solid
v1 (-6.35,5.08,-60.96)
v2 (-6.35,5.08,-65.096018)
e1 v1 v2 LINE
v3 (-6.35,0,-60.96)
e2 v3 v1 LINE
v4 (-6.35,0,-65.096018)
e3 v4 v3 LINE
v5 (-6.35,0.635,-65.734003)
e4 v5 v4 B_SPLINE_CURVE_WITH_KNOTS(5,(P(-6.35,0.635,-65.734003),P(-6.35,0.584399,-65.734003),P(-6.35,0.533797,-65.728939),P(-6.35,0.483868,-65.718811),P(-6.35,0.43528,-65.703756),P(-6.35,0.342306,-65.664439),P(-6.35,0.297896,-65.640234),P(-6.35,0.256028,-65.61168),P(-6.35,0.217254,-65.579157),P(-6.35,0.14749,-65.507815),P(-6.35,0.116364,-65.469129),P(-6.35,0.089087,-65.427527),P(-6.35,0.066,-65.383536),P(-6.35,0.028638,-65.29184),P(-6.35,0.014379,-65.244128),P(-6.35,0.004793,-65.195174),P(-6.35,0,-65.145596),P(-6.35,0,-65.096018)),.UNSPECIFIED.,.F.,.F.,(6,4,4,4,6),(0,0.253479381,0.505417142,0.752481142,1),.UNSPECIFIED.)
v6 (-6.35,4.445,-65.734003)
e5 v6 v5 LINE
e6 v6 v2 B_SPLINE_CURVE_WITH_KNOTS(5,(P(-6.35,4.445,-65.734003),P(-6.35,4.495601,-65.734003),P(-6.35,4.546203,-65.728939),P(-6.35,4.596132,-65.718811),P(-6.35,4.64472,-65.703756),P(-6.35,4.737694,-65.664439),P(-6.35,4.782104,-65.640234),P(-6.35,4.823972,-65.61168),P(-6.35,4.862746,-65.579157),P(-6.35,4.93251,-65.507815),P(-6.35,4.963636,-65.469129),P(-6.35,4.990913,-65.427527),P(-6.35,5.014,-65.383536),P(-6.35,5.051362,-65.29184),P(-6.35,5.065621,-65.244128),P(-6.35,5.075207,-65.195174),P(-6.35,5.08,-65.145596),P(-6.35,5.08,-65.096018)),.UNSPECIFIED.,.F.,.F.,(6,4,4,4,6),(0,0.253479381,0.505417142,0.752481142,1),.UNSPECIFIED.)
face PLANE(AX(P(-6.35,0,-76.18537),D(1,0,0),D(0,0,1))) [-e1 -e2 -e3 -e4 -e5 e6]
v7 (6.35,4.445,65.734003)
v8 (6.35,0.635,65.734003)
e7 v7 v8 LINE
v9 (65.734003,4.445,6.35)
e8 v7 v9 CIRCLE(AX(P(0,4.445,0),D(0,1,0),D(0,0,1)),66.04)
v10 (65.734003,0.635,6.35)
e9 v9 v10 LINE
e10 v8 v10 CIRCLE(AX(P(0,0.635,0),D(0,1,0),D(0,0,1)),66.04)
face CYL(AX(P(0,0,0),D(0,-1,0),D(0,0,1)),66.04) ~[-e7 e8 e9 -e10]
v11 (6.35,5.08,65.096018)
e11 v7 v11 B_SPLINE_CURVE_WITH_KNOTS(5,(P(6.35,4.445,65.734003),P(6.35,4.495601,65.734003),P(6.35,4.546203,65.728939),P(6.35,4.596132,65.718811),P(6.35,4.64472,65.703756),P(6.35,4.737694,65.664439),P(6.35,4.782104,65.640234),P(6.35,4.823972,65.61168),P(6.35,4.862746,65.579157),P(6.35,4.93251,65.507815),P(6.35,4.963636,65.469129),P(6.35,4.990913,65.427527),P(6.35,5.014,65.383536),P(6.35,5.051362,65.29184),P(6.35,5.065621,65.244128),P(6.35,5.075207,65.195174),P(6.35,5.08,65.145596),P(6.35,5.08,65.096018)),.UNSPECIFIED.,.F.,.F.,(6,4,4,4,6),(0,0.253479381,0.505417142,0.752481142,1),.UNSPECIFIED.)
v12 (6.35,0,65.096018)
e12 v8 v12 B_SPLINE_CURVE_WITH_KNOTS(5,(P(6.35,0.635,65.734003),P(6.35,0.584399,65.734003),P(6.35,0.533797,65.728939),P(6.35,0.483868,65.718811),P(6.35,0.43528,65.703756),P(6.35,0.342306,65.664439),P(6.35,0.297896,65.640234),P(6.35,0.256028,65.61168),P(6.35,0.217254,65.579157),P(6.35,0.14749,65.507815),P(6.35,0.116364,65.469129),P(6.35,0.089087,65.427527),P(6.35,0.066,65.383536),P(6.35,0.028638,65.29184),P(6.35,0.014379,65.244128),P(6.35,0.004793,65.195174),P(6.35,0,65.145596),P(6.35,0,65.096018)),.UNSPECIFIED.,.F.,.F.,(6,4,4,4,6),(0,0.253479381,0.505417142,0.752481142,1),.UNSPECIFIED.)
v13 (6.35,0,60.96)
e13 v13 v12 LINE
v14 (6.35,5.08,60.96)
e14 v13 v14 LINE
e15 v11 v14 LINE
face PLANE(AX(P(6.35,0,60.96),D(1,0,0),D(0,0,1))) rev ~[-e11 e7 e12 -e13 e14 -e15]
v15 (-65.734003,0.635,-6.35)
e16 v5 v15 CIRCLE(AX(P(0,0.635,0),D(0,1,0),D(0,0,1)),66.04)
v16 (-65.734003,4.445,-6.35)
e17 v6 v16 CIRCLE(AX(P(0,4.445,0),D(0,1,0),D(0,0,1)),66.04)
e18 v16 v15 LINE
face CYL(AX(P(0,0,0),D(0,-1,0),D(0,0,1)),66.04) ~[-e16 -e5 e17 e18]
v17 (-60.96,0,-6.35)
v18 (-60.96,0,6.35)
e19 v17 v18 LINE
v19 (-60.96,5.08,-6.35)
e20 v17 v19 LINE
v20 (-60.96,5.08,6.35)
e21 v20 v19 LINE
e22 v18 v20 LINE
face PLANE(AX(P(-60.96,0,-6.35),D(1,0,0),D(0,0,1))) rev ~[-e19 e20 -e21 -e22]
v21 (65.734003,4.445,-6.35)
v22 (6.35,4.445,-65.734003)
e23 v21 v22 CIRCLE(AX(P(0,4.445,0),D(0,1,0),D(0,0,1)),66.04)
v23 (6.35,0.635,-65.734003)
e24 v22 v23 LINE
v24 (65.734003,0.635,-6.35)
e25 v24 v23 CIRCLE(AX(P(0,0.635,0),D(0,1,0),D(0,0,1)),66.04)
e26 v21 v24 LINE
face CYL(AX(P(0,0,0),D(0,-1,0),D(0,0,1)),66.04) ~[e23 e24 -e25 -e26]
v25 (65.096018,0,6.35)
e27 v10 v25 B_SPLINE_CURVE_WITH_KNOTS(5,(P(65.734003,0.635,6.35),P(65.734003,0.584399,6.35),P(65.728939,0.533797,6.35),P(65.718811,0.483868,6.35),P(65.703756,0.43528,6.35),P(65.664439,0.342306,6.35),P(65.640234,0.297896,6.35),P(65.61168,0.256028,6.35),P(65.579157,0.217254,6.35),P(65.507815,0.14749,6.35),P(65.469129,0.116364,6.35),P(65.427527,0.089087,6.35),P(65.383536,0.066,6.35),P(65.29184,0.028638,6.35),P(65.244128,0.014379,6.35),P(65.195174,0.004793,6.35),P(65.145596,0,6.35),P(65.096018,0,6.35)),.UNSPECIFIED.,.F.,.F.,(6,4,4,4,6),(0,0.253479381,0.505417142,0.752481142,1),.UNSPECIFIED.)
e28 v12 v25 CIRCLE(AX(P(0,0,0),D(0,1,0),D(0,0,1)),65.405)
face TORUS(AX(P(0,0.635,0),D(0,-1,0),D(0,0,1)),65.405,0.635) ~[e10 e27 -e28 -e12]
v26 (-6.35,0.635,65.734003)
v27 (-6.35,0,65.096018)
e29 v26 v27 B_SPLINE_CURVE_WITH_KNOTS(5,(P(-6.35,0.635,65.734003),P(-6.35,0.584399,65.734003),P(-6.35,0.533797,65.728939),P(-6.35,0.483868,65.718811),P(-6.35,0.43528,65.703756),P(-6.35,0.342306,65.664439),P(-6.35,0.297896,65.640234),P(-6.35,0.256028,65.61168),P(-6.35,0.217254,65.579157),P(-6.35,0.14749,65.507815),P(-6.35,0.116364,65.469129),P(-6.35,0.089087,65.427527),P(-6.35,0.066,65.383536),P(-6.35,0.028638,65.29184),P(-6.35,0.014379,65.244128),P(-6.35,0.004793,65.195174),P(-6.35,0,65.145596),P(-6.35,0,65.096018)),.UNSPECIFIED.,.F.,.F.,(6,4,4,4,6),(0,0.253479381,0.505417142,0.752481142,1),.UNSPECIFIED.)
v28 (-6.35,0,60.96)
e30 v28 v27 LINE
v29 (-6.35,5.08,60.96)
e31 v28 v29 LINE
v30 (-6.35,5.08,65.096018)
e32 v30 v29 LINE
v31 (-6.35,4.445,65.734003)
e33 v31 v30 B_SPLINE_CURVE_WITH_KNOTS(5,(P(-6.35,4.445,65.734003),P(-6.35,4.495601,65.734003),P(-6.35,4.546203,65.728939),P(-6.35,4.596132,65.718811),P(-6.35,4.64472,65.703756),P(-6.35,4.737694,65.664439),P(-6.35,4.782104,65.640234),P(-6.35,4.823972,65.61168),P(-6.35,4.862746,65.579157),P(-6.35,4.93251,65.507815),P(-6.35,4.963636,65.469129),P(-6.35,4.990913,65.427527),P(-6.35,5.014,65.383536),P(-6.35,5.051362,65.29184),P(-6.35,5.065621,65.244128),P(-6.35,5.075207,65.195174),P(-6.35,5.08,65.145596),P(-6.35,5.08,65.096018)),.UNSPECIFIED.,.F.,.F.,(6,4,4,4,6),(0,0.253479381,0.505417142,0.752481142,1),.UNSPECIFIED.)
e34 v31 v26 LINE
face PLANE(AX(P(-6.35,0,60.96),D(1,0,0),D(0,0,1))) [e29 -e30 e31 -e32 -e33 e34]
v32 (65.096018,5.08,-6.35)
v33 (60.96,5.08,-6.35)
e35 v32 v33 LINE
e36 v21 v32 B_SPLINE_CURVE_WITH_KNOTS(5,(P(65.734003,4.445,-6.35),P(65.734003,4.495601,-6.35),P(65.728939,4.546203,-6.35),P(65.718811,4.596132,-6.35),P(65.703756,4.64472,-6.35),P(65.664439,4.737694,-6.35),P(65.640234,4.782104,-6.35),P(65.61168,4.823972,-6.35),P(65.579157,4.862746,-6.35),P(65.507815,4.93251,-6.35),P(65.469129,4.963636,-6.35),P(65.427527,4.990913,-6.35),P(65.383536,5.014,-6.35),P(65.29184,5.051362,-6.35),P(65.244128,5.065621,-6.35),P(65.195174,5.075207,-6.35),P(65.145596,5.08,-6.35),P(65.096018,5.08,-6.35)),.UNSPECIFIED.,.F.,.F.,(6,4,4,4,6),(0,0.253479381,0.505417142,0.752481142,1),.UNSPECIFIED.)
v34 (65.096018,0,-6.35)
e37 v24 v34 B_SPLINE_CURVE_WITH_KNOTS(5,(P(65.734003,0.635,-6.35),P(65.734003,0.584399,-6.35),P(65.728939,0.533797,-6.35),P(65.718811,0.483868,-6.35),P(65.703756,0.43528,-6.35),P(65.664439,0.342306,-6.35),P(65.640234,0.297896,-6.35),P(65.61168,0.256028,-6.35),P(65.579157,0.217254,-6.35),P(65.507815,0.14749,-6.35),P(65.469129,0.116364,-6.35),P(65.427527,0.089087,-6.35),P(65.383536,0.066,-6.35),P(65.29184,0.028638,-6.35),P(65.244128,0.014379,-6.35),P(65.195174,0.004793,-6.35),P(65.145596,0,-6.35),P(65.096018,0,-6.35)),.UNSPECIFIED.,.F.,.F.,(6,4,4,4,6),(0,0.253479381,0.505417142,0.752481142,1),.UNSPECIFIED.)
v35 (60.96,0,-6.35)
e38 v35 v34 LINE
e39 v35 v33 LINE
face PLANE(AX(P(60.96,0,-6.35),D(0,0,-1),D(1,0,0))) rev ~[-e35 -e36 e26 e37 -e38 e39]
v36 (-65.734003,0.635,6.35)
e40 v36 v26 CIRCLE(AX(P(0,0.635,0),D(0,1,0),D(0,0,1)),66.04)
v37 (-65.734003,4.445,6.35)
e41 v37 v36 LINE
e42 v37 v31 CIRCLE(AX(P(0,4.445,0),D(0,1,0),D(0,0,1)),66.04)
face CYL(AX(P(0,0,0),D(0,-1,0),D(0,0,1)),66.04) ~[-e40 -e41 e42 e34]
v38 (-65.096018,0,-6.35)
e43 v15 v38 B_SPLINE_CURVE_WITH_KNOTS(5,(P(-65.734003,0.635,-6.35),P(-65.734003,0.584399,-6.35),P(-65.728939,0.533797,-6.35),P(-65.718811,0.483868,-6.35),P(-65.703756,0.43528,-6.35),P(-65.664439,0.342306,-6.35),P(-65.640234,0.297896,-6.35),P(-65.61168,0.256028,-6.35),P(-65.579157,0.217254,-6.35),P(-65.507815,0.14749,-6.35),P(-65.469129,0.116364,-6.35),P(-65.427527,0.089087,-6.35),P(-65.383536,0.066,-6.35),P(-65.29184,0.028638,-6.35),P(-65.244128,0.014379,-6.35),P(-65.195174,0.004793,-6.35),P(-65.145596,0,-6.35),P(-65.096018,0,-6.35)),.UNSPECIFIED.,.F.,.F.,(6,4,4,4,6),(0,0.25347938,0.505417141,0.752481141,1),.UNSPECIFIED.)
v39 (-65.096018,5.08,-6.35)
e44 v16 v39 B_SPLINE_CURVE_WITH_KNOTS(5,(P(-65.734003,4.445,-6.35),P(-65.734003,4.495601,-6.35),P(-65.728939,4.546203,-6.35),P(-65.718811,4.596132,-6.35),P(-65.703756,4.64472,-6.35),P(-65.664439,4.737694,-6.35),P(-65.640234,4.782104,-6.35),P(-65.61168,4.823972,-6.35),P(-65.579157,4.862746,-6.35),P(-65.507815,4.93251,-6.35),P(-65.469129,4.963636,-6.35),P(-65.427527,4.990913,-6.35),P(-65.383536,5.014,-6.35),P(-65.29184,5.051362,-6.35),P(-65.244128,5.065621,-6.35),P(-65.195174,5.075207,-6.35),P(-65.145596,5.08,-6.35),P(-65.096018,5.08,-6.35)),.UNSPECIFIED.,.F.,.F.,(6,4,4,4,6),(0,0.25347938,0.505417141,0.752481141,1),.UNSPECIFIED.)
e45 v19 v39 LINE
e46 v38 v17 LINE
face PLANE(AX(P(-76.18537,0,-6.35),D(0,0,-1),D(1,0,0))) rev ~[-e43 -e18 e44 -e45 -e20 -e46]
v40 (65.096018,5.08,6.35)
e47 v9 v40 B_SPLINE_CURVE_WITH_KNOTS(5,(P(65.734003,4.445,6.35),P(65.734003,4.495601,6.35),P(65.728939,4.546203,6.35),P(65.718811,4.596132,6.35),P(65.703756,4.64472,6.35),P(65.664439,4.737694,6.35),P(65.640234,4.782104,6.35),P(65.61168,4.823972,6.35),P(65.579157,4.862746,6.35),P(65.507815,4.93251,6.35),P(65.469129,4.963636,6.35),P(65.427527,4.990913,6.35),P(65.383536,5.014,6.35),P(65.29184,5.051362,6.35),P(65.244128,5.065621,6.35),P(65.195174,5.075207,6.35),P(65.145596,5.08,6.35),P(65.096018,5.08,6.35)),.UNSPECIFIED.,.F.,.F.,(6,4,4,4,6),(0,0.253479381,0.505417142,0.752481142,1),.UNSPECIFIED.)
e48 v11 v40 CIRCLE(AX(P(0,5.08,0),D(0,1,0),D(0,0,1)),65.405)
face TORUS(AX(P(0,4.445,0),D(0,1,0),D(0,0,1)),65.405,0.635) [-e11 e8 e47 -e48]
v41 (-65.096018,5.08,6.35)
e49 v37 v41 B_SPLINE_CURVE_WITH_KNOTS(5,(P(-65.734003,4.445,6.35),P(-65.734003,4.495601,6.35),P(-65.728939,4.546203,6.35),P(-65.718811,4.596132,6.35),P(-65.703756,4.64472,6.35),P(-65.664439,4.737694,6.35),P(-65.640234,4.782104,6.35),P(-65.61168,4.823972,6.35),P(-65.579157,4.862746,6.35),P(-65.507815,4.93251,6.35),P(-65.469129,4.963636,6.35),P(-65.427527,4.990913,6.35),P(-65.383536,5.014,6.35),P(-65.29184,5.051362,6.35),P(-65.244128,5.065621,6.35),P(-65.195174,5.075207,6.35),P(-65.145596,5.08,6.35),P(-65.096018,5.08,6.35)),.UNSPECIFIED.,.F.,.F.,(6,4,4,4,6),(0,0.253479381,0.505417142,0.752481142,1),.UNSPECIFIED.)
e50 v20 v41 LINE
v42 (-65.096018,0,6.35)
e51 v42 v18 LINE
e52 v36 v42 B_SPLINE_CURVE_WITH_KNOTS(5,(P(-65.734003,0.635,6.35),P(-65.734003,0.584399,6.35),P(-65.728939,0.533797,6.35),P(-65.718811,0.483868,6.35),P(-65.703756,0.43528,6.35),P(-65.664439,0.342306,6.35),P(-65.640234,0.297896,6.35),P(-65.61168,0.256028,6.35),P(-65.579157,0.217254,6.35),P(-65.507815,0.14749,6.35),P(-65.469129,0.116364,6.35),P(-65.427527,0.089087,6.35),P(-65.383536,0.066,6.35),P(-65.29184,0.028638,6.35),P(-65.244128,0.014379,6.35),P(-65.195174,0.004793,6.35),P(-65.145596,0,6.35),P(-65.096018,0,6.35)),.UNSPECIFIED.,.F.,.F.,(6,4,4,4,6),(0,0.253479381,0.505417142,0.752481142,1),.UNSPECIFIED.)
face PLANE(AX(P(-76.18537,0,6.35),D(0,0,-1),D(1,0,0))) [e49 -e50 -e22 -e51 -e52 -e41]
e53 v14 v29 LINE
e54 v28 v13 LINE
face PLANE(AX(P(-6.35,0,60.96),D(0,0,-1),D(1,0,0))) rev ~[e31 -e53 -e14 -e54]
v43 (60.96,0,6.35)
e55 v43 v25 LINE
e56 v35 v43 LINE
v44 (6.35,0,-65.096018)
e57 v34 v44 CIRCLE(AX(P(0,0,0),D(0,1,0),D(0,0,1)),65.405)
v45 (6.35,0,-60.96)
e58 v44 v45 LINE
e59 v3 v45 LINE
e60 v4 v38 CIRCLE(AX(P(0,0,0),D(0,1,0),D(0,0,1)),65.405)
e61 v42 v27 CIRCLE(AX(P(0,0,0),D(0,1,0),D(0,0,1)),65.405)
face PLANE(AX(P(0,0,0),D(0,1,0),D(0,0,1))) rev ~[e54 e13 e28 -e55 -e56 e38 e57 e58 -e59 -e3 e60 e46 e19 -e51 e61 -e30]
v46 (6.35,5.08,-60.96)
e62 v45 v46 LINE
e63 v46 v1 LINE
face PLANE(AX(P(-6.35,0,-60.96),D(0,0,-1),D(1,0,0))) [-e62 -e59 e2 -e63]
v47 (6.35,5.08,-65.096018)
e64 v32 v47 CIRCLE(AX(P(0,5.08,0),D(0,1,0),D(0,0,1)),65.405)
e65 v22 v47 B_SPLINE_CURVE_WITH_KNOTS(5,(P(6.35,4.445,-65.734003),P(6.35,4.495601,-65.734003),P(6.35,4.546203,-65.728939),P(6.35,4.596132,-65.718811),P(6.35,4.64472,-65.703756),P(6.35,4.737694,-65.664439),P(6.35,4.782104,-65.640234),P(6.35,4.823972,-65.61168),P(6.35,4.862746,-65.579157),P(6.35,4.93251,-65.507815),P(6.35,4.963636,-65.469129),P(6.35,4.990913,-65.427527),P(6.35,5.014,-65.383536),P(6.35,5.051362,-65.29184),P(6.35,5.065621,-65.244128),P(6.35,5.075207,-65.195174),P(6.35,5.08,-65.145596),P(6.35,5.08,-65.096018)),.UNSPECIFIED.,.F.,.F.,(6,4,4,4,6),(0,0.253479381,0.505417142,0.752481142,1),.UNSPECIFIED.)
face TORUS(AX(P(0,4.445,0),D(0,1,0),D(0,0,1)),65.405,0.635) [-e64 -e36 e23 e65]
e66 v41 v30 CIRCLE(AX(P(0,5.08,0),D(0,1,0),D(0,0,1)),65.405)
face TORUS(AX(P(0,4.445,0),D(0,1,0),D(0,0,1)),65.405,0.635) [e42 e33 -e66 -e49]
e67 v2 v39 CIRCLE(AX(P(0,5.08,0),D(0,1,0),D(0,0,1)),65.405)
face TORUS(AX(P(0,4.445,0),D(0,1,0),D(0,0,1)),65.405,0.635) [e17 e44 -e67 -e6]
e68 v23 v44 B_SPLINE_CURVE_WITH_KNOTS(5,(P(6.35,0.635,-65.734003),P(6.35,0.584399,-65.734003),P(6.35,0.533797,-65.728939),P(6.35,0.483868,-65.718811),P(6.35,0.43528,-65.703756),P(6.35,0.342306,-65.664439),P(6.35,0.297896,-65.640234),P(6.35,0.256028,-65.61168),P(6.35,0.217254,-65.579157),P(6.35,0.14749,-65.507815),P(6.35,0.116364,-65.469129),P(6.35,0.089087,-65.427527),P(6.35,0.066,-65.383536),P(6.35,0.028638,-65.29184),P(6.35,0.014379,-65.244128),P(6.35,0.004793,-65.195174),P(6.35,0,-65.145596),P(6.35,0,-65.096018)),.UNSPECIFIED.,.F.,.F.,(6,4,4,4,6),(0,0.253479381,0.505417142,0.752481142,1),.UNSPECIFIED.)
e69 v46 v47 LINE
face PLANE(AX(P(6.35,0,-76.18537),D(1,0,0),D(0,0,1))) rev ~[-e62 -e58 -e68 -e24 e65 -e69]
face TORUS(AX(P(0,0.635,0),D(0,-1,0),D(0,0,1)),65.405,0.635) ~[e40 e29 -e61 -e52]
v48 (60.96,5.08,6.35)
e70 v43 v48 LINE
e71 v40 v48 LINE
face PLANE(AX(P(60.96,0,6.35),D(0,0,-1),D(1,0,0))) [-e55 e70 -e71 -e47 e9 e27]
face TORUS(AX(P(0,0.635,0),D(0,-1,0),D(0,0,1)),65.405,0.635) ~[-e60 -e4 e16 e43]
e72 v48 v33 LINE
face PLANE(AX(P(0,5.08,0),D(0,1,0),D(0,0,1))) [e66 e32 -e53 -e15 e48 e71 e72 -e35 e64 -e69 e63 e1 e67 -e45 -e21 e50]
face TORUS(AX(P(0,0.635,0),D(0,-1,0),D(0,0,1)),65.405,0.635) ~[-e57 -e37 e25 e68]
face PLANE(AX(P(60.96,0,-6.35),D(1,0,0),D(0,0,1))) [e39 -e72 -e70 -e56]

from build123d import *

# Parameters (mm, degrees)
SKETCH2_R           = 66.04
BOSS_EXTRUDE1_DEPTH = 5.08
FILLET1_R           = 0.635
SKETCH3_W           = 12.7
SKETCH3_H           = 15.225369524
SKETCH3_W_2         = 15.225369524
SKETCH3_H_2         = 12.7
CUT_EXTRUDE1_DEPTH  = 94.532719409


with BuildPart() as part:
    # Sketch2 → Boss-Extrude1 (new body)
    with BuildSketch(Plane(origin=(0, 0, 0), x_dir=(1, 0, 0), z_dir=(0, 1, 0))):
        with Locations(Location((0, 0, 0), (0, 0, 270))):
            Circle(SKETCH2_R)
    extrude(amount=BOSS_EXTRUDE1_DEPTH)

    # Fillet1
    fillet1_edges = [part.edges().sort_by_distance(p)[0] for p in [
        (0, 0, -66.04),
        (0, 5.08, -66.04),
    ]]
    fillet(fillet1_edges, radius=FILLET1_R)

    # Sketch3 → Cut-Extrude1 (cut, through all)
    with BuildSketch(Plane.XZ):
        with Locations((0, 68.572684762)):
            Rectangle(SKETCH3_W, SKETCH3_H)
        with Locations((68.572684762, 0)):
            Rectangle(SKETCH3_W_2, SKETCH3_H_2)
        with Locations((0, -68.572684762)):
            Rectangle(SKETCH3_W, SKETCH3_H)
        with Locations((-68.572684762, 0)):
            Rectangle(SKETCH3_W_2, SKETCH3_H_2)
    extrude(amount=-CUT_EXTRUDE1_DEPTH, mode=Mode.SUBTRACT)


solid = part.part
